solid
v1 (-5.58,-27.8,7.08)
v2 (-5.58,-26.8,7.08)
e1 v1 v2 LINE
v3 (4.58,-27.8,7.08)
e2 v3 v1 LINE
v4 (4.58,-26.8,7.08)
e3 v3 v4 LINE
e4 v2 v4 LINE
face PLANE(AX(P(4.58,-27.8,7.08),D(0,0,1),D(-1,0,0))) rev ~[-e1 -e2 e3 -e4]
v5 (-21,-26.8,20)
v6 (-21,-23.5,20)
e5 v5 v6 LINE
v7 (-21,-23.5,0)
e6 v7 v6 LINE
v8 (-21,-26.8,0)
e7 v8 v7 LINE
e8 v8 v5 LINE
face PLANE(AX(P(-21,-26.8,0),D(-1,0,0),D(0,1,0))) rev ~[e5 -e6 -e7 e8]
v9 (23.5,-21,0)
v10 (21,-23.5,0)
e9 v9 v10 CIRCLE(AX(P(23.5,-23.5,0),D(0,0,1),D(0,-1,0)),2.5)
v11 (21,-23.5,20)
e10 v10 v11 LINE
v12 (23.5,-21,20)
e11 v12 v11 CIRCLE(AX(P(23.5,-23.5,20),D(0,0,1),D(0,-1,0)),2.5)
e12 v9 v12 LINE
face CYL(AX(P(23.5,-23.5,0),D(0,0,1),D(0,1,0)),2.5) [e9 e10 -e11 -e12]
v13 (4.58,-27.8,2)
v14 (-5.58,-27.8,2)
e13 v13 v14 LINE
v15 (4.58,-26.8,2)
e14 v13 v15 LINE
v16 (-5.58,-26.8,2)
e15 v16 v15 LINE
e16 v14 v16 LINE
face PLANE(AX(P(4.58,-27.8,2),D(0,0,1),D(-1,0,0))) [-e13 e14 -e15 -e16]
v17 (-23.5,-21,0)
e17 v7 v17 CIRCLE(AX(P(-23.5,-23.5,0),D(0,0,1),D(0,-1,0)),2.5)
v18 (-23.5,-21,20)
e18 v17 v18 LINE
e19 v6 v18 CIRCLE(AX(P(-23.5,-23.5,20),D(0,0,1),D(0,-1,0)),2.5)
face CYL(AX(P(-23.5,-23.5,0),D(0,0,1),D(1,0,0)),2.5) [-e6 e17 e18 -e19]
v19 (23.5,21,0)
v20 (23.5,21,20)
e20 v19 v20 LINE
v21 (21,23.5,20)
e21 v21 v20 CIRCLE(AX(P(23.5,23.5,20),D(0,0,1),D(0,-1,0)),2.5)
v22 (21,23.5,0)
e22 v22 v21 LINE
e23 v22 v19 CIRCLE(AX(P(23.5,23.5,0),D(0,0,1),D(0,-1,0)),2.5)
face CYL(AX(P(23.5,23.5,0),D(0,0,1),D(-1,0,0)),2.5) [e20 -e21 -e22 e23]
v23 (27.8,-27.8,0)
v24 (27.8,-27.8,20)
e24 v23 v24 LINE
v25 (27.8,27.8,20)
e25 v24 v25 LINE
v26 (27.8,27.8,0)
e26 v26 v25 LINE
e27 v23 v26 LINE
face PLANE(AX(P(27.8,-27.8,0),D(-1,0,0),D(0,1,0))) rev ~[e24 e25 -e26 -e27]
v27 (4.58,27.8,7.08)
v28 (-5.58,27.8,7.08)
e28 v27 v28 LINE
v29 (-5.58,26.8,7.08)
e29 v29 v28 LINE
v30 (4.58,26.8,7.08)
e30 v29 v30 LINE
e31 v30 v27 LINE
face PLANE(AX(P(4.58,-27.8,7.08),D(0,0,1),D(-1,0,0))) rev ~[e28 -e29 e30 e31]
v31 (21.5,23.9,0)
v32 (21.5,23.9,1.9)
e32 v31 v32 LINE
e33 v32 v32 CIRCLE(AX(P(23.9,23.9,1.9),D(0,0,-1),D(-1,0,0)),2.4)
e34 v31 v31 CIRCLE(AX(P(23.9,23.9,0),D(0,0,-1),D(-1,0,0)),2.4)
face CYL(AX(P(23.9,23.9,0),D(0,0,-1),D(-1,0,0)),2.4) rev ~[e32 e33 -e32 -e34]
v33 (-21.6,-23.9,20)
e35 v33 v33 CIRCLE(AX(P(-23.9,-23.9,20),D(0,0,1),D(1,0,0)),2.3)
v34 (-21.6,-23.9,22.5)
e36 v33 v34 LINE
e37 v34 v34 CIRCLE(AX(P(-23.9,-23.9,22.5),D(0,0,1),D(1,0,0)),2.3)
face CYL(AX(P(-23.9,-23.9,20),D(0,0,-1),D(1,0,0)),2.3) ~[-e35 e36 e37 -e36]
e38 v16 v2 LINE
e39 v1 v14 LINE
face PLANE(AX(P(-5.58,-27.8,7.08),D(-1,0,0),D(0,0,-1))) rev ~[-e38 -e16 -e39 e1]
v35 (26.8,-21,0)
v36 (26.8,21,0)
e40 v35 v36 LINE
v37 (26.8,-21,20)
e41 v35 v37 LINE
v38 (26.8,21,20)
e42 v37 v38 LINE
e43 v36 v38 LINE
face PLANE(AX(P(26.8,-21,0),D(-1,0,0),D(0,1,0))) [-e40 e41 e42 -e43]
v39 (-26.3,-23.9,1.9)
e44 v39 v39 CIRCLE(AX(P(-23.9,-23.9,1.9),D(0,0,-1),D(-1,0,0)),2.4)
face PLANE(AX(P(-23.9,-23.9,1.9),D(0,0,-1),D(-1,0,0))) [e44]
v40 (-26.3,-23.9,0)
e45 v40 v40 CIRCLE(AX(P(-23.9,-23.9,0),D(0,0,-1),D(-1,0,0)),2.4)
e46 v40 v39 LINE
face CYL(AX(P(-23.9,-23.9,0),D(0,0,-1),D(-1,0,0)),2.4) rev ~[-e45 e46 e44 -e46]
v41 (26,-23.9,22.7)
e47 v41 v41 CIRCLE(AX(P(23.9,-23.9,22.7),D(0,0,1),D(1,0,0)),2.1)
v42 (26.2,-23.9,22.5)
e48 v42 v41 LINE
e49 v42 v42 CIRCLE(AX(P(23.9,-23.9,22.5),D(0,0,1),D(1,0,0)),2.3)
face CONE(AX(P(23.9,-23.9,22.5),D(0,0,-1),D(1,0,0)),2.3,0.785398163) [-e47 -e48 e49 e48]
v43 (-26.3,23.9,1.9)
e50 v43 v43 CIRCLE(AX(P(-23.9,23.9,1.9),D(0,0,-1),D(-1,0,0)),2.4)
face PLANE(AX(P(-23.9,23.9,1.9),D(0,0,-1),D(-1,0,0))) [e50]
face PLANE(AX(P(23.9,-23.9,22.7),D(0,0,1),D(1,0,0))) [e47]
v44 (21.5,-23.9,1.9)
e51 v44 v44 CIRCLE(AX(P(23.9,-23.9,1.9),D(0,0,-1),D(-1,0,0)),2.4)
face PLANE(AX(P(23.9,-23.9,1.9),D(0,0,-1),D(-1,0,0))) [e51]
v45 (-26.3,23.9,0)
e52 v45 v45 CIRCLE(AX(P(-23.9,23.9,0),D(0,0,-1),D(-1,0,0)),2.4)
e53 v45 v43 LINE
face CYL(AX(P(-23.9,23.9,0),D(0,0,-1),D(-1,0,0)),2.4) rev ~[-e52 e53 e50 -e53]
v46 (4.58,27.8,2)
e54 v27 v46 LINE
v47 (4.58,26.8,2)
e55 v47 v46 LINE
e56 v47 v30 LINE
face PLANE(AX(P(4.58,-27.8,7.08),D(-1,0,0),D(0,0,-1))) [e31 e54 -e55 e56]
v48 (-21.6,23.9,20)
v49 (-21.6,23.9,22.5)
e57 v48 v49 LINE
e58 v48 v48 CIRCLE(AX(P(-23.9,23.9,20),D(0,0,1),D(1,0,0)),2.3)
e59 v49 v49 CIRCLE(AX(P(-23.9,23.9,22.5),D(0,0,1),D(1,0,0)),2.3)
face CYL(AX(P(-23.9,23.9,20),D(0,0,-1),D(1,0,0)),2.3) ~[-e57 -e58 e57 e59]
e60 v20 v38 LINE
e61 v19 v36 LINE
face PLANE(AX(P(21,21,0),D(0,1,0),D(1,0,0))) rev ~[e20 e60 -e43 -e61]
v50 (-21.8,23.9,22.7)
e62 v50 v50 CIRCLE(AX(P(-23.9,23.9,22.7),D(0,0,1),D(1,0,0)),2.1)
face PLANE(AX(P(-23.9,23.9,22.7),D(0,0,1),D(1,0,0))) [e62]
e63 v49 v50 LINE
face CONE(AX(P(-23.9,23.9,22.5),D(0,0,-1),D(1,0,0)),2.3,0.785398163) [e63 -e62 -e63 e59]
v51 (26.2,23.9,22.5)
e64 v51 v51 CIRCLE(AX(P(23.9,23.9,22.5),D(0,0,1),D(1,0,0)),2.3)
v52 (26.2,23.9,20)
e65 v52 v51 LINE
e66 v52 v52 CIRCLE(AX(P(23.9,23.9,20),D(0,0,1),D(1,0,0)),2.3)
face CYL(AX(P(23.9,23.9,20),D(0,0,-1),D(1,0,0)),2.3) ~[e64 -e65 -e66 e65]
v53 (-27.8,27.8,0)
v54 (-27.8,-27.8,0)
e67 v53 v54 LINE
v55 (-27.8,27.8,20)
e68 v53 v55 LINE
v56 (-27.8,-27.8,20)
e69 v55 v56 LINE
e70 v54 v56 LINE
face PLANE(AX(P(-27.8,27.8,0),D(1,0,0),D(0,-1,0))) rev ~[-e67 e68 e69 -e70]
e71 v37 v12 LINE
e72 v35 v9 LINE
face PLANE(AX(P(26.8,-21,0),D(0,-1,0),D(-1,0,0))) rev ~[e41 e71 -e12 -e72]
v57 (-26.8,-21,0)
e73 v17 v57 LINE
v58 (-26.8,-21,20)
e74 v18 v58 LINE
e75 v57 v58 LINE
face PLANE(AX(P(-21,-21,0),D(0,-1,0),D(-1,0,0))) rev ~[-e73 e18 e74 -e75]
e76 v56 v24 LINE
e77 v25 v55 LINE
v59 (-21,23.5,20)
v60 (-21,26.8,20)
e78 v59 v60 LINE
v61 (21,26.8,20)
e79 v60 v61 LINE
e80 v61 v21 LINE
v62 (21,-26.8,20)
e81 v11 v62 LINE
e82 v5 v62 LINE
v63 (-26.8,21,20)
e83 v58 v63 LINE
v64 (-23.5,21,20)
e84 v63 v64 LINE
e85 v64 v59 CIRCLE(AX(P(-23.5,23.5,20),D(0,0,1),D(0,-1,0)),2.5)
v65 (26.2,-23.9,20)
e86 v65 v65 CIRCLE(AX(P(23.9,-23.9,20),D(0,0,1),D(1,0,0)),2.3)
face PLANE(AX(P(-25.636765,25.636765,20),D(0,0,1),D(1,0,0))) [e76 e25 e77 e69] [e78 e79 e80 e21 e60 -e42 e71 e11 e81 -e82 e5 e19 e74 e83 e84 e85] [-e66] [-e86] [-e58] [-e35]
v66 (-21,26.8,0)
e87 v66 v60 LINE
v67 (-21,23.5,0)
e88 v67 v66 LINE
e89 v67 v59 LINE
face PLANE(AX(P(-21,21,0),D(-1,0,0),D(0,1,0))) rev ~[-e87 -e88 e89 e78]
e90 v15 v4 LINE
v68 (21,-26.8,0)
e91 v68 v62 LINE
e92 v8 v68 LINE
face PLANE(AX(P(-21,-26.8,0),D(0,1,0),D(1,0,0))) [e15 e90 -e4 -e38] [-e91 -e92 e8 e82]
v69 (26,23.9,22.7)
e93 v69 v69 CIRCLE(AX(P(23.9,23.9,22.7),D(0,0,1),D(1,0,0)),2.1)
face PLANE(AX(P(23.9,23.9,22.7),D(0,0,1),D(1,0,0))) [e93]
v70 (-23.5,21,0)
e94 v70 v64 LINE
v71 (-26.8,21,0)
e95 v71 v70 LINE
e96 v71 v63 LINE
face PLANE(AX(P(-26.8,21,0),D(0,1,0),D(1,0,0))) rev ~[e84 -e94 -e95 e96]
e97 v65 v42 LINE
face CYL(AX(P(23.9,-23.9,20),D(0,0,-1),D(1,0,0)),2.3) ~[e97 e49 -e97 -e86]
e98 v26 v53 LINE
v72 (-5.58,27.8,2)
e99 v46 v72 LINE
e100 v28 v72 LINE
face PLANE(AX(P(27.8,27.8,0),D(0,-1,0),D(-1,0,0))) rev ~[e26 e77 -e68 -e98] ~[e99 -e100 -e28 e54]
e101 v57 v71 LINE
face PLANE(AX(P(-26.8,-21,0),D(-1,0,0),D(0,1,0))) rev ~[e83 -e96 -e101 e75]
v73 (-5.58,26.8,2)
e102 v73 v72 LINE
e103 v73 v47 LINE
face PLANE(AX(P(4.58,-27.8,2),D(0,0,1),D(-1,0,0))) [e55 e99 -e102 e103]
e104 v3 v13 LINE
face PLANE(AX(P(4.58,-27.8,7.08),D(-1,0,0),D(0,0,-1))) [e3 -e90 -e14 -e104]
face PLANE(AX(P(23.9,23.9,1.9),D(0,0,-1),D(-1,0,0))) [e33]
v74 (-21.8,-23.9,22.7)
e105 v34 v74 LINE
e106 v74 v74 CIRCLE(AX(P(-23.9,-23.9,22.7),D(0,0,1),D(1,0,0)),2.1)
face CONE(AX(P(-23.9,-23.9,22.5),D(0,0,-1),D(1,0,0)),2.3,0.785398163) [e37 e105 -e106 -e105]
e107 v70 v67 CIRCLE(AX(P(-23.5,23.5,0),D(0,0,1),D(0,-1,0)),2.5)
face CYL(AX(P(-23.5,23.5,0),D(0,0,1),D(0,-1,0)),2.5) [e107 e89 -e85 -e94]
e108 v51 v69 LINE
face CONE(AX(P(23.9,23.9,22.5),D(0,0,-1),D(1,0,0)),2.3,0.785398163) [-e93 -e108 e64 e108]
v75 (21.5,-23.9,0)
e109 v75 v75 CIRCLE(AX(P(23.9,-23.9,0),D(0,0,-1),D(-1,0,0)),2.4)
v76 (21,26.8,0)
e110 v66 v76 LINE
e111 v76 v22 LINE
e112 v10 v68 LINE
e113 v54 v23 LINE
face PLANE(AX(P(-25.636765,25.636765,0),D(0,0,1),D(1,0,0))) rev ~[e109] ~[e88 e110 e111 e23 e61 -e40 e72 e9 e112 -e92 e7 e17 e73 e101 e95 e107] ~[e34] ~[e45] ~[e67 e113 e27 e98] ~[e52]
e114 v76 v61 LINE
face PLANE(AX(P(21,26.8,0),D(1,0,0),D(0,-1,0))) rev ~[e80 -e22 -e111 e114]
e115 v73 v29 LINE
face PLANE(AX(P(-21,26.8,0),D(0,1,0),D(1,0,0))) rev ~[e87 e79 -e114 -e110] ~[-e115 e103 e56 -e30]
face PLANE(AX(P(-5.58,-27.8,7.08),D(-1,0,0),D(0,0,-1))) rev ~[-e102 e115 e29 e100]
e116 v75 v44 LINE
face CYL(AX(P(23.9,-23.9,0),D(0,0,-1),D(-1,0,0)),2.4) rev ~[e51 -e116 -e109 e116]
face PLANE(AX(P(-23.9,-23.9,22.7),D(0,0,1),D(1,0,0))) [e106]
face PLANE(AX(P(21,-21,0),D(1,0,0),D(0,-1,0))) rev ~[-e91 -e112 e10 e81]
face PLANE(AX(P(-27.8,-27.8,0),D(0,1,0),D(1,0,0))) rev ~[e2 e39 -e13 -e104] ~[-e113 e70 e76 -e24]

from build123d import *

# Parameters (mm, degrees)
SKICA1_W                 = 5.8
SKICA1_H                 = 5.8
SKICA1_W_2               = 1
SKICA1_H_2               = 42
SKICA1_W_3               = 42
SKICA1_H_3               = 1
P_IDAT_VYSUNUT_M2_DEPTH  = 20
ZAOBLIT1_R               = 2.5
SKICA2_R                 = 2.4
ODEBRAT_VYSUNUT_M1_DEPTH = 1.9
SKICA3_R                 = 2.3
P_IDAT_VYSUNUT_M3_DEPTH  = 2.7
ZKOSEN_1_SIZE            = 0.2
SKICA4_W                 = 10.16
SKICA4_H                 = 5.08
ODEBRAT_VYSUNUT_M2_DEPTH = 68.7


with BuildPart() as part:
    # Skica1 → Přidat vysunutím2 (new body)
    with BuildSketch(Plane.XY):
        Polygon((-27.8, 27.8), (-27.8, 21), (-26.8, 21), (-26.8, 26.8), (-21, 26.8), (-21, 27.8), align=None)
        with Locations((-23.9, 23.9)):
            Rectangle(SKICA1_W, SKICA1_H)
        Polygon((26.8, 21), (27.8, 21), (27.8, 27.8), (21, 27.8), (21, 26.8), (26.8, 26.8), align=None)
        with Locations((23.9, 23.9)):
            Rectangle(SKICA1_W, SKICA1_H)
        Polygon((21, -26.8), (21, -27.8), (27.8, -27.8), (27.8, -21), (26.8, -21), (26.8, -26.8), align=None)
        with Locations((23.9, -23.9)):
            Rectangle(SKICA1_W, SKICA1_H)
        with Locations((-23.9, -23.9)):
            Rectangle(SKICA1_W, SKICA1_H)
        Polygon((-27.8, -27.8), (-21, -27.8), (-21, -26.8), (-26.8, -26.8), (-26.8, -21), (-27.8, -21), align=None)
        with Locations((-27.3, 0)):
            Rectangle(SKICA1_W_2, SKICA1_H_2)
        with Locations((0, -27.3)):
            Rectangle(SKICA1_W_3, SKICA1_H_3)
        with Locations((27.3, 0)):
            Rectangle(SKICA1_W_2, SKICA1_H_2)
        with Locations((0, 27.3)):
            Rectangle(SKICA1_W_3, SKICA1_H_3)
    extrude(amount=P_IDAT_VYSUNUT_M2_DEPTH)

    # Zaoblit1
    zaoblit1_edges = [part.edges().sort_by_distance(p)[0] for p in [
        (21, -21, 10),
        (21, 21, 10),
        (-21, 21, 10),
        (-21, -21, 10),
    ]]
    fillet(zaoblit1_edges, radius=ZAOBLIT1_R)

    # Skica2 → Odebrat vysunutím1 (cut)
    with BuildSketch(Plane(origin=(0, 0, 0), x_dir=(-1, 0, 0), z_dir=(0, 0, -1))):
        with Locations((-23.9, 23.9)):
            Circle(SKICA2_R)
        with Locations((23.9, 23.9)):
            Circle(SKICA2_R)
        with Locations((23.9, -23.9)):
            Circle(SKICA2_R)
        with Locations((-23.9, -23.9)):
            Circle(SKICA2_R)
    extrude(amount=-ODEBRAT_VYSUNUT_M1_DEPTH, mode=Mode.SUBTRACT)

    # Skica3 → Přidat vysunutím3 (add)
    with BuildSketch(Plane.XY.offset(20)):
        with Locations((-23.9, 23.9)):
            Circle(SKICA3_R)
        with Locations((23.9, 23.9)):
            Circle(SKICA3_R)
        with Locations((23.9, -23.9)):
            Circle(SKICA3_R)
        with Locations((-23.9, -23.9)):
            Circle(SKICA3_R)
    extrude(amount=P_IDAT_VYSUNUT_M3_DEPTH)

    # Zkosení1
    zkosen_1_edges = [part.edges().sort_by_distance(p)[0] for p in [
        (-26.2, 23.9, 22.7),
        (21.6, 23.9, 22.7),
        (21.6, -23.9, 22.7),
        (-26.2, -23.9, 22.7),
    ]]
    chamfer(zkosen_1_edges, length=ZKOSEN_1_SIZE)

    # Skica4 → Odebrat vysunutím2 (cut)
    with BuildSketch(Plane(origin=(0, -27.8, 0), x_dir=(-1, 0, 0), z_dir=(0, -1, 0))):
        with Locations((0.5, -4.54)):
            Rectangle(SKICA4_W, SKICA4_H)
    extrude(amount=-ODEBRAT_VYSUNUT_M2_DEPTH, mode=Mode.SUBTRACT)


solid = part.part
